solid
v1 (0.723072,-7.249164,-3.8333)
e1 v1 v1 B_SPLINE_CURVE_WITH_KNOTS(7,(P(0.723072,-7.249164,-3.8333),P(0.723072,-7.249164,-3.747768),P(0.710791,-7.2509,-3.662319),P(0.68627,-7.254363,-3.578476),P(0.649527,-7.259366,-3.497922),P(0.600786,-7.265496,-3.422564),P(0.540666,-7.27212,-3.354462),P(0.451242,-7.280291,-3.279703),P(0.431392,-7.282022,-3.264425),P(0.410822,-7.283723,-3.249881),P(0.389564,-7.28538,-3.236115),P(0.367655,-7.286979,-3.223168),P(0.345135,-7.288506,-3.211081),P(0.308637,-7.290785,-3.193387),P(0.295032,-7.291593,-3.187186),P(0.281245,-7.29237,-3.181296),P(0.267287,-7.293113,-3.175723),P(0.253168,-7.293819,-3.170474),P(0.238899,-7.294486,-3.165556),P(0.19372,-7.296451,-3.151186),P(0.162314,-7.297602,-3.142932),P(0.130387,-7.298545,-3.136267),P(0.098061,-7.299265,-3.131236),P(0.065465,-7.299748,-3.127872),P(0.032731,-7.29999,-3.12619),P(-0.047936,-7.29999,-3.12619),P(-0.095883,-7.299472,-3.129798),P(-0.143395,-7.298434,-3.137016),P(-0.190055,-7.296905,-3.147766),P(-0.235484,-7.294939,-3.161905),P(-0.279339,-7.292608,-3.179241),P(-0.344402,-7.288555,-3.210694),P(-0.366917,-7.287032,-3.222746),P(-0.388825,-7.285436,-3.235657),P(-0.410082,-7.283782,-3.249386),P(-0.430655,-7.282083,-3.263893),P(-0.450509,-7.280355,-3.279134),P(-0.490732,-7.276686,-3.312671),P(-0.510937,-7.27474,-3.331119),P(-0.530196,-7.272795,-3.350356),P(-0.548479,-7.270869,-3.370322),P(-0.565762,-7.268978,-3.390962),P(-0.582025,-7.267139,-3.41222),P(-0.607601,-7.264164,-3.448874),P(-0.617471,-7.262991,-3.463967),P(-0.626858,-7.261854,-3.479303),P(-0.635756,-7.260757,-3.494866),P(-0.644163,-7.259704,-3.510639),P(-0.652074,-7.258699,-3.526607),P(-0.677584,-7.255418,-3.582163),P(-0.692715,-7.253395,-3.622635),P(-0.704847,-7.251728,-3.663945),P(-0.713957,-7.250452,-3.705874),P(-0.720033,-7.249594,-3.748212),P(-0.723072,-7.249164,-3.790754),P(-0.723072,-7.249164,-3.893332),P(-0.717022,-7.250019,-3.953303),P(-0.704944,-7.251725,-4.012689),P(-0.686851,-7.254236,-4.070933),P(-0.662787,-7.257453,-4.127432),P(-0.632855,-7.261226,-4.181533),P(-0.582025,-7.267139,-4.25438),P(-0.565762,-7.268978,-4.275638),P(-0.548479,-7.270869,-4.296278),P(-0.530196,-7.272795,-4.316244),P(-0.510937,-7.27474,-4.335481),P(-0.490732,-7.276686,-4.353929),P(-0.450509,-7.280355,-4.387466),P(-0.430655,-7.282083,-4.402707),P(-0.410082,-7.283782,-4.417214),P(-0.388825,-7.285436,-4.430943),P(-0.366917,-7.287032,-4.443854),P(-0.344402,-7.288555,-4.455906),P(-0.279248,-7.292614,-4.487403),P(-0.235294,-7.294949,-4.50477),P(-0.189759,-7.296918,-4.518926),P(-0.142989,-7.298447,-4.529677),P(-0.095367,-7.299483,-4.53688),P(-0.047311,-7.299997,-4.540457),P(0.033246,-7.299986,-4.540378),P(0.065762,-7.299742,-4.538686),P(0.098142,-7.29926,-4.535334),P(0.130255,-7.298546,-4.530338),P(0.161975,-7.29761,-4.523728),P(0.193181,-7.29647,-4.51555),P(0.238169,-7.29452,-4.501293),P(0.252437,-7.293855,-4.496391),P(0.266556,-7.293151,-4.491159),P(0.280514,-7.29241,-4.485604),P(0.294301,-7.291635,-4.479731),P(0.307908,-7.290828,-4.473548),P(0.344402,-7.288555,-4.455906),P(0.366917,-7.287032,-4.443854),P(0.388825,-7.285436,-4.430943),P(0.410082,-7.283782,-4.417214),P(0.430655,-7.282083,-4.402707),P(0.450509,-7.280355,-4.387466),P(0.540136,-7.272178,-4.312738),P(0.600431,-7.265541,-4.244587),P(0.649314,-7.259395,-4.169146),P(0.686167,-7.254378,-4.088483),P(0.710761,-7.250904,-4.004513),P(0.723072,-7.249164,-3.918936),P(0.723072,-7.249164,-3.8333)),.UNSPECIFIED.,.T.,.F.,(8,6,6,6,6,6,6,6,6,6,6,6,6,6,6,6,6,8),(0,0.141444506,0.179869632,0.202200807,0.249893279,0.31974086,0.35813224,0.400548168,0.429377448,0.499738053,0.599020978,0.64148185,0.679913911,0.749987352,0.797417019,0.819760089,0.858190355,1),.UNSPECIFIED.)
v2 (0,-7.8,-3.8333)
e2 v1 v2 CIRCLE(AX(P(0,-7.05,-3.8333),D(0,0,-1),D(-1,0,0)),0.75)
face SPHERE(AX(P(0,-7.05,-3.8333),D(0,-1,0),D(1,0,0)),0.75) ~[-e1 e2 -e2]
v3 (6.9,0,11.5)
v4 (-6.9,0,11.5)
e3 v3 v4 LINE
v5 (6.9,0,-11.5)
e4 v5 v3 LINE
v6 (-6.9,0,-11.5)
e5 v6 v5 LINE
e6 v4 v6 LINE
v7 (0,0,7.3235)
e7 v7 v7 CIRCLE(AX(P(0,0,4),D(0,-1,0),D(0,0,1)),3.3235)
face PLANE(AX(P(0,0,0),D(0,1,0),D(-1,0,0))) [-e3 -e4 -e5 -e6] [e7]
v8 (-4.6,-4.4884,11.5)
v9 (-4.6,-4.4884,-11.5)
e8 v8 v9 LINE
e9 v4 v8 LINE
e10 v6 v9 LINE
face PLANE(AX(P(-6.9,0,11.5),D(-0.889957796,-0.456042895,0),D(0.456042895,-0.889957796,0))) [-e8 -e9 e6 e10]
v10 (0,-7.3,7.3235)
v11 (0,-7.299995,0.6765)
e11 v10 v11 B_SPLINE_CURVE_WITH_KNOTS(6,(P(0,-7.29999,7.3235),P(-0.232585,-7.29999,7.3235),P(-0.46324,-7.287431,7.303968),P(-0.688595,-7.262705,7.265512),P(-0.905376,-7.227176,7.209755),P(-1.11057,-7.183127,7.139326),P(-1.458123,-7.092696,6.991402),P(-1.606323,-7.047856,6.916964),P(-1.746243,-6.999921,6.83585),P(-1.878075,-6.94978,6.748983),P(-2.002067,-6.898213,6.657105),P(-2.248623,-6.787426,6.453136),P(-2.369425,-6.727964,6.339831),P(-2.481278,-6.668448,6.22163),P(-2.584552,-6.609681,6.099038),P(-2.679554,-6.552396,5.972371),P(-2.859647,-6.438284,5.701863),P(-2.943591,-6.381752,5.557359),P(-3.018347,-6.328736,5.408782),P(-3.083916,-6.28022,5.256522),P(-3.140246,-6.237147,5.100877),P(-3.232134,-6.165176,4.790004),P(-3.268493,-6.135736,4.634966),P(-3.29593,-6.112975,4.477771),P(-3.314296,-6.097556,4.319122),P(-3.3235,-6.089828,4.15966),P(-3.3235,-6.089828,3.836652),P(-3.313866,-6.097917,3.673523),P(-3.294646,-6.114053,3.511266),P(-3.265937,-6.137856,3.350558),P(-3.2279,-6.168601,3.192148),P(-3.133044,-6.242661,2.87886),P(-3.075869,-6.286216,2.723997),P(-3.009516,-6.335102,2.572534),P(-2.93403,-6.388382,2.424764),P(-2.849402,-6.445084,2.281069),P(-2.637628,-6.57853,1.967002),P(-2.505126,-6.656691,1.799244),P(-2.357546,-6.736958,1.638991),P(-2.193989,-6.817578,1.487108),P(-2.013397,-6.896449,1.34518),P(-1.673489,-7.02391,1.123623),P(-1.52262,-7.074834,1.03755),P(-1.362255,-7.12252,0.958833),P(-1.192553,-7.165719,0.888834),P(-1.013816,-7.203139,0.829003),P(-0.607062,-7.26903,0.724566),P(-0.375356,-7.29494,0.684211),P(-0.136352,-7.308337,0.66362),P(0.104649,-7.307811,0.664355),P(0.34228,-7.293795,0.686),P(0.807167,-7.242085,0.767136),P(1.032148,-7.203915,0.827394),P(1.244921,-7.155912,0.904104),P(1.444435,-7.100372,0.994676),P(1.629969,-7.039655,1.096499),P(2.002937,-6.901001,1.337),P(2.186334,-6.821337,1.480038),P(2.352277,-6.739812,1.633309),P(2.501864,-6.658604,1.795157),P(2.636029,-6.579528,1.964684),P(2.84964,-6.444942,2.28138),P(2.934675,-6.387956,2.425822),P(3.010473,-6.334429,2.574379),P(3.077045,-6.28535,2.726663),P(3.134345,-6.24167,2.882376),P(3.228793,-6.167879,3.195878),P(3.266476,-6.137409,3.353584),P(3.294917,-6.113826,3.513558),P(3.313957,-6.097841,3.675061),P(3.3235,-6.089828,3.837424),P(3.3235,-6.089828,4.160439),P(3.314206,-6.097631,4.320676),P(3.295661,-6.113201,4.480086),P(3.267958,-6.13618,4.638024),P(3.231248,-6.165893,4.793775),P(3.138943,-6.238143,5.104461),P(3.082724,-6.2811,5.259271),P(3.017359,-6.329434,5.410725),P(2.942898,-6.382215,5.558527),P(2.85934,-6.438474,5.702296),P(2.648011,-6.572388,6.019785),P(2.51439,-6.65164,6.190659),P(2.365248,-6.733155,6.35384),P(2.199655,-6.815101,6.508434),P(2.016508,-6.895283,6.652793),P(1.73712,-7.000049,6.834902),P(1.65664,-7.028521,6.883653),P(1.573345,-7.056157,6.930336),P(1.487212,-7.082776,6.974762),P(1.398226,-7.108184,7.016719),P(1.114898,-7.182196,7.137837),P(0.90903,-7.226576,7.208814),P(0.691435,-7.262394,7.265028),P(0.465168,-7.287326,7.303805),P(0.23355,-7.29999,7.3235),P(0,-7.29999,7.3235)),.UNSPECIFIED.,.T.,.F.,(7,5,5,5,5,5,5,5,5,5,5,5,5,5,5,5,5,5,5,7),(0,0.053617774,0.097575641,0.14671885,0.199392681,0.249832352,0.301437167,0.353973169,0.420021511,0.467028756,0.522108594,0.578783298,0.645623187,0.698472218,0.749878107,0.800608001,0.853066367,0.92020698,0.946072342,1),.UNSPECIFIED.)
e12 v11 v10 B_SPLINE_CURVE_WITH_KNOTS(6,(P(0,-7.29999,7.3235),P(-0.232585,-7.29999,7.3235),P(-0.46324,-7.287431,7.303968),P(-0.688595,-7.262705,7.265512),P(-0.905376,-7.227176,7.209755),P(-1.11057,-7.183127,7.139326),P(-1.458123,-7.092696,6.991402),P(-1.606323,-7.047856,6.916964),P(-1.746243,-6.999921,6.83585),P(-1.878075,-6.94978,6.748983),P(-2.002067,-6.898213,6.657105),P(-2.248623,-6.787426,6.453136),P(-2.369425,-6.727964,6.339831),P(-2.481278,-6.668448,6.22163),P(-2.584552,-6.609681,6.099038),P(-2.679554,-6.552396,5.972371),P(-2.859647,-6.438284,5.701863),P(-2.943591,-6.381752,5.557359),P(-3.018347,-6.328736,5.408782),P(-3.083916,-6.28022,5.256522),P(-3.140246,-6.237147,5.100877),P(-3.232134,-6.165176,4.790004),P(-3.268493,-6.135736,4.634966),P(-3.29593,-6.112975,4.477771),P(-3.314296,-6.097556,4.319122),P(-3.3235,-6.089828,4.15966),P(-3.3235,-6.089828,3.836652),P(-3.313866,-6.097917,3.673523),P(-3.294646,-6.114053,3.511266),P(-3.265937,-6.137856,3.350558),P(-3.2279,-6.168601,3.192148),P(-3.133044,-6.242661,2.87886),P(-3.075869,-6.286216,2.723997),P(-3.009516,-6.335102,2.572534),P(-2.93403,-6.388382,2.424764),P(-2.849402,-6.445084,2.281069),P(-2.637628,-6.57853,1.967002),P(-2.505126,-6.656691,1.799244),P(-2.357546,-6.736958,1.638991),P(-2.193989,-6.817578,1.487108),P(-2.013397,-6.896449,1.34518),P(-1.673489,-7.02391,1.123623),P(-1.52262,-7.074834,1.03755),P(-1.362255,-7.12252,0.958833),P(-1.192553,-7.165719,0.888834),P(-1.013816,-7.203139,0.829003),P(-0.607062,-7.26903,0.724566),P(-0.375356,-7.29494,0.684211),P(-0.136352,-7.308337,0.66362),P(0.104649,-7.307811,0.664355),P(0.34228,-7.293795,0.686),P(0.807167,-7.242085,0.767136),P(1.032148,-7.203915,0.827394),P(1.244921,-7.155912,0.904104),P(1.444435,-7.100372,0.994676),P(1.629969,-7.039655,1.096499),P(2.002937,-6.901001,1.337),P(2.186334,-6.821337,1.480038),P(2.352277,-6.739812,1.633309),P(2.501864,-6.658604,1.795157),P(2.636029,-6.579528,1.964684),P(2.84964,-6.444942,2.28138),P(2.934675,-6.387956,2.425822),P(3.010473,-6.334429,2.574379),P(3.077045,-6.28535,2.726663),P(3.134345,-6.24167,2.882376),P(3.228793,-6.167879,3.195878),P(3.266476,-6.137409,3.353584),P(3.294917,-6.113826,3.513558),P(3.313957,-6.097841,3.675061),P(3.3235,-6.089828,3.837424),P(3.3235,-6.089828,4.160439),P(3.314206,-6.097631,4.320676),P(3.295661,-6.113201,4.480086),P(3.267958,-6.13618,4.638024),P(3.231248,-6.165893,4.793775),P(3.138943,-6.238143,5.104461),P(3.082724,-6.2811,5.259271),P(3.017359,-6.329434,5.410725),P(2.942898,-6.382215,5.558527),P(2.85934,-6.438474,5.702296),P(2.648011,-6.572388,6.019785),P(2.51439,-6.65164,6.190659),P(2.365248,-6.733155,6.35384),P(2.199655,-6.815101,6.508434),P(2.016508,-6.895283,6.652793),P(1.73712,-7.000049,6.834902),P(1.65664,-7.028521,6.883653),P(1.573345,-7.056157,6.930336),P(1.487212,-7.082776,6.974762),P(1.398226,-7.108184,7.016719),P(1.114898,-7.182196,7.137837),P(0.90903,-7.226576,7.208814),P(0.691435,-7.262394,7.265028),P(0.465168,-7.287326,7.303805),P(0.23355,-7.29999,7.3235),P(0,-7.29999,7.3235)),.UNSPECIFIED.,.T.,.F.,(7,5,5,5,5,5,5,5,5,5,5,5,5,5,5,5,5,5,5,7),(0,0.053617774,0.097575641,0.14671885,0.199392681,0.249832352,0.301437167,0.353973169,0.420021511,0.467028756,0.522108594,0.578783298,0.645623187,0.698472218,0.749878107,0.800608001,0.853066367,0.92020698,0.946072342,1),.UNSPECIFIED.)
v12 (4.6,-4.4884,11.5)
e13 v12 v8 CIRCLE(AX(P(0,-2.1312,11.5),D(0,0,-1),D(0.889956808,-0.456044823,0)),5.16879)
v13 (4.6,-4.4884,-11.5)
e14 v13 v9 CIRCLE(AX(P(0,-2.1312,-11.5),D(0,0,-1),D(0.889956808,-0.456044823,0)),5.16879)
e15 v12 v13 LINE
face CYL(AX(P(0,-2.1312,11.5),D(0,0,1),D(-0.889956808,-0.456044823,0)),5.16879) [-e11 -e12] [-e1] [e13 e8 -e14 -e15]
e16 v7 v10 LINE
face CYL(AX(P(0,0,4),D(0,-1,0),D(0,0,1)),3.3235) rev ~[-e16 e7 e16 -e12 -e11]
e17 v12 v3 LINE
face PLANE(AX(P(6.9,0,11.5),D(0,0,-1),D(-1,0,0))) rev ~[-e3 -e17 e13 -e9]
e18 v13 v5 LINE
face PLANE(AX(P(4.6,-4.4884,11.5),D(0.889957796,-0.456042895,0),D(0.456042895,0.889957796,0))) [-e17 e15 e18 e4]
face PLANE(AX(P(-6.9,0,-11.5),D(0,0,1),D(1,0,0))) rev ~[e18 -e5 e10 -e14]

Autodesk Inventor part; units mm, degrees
ref_plane "YZ Plane" through (0, 0, 0) normal (1, 0, 0) x (0, 1, 0)
sketch "Sketch2" plane through (0, 0, 0) normal (0, 1, 0) x (-1, 0, 0)
  line L0 (6.9, -11.5) -> (-6.9, -11.5)
  line L1 (-6.9, -11.5) -> (-6.9, 11.5)
  line L2 (-6.9, 11.5) -> (6.9, 11.5)
  line L3 (6.9, 11.5) -> (6.9, -11.5)
  point P0 (0, 4)
  point P1 (0, -11.5)
  point P2 (0, 11.5)
  point P3 (0, 0)
  point P4 (-6.9, 0)
  dimension "CenterHole" = 7.5
  dimension "Length" = 23
  dimension "Width" = 13.8
extrude "NutBase" add sketch "Sketch2" against normal blind 7.3
hole "Hole1" at (0, 0, 4) direction (0, -1, 0) diameter 6.647 end through all thread size "M8x1.25" class "6H" standard "ANSI Metric M Profile"
ref_plane "MidPlane" through (-6.9, 0, 0) normal (0, 0, -1) x (-1, 0, 0)
ref_plane "Work Plane4" through (6.9, 0, -3.8333) normal (0, 0, -1) x (-1, 0, 0)
sketch "Sketch3" plane through (-6.9, 0, 11.5) normal (0, 0, 1) x (1, 0, 0)
  line L0 (0, -7.3) -> (13.8, -7.3) construction
  line L1 (13.8, 0) -> (0, 0) projected
  line L2 (0, 0) -> (2.3, -4.4884)
  arc A0 (2.3, -4.4884) -> (11.5, -4.4884) centre (6.9, -2.1312) ccw
  line L3 (11.5, -4.4884) -> (13.8, 0)
  line L4 (6.9, -2.1312) -> (6.9, 0) construction
  dimension "d12" = 9.2
extrude "Standard TSlot" cut sketch "Sketch3" along normal through all both and the other way through all keep common part
sketch "Sketch5" plane through (-6.9, 0, 11.5) normal (0, 0, 1) x (1, 0, 0)
  line L0 (0, -7.3) -> (13.8, -7.3) construction
  line L1 (13.8, 0) -> (0, 0) projected
  line L2 (0, 0) -> (0, -7.3) construction
  line L3 (6.9, 0) -> (6.9, -7.3) construction
  line L4 (0, -0.8) -> (2.95, -0.8)
  line L5 (2.95, -0.8) -> (2.95, 0)
  line L6 (2.95, 0) -> (0, 0)
  line L7 (0, 0) -> (0, -0.8)
  line L8 (13.8, -0.8) -> (10.85, -0.8)
  line L9 (10.85, -0.8) -> (10.85, 0)
  line L10 (10.85, 0) -> (13.8, 0)
  line L11 (13.8, 0) -> (13.8, -0.8)
  dimension "Slot_Width" = 7.9
  dimension "d18" = 0.8
extrude "Self-Align TSlot" [suppressed]
sketch "Sketch6" plane through (-6.9, 0, 11.5) normal (0, 0, 1) x (1, 0, 0)
  line L0 (0, -7.3) -> (13.8, -7.3) projected
  line L1 (13.8, 0) -> (13.8, -7.3) projected
  line L2 (13.8, 0) -> (0, 0) projected
  line L3 (0, 0) -> (0, -7.3) projected
  line L4 (6.9, 0) -> (6.9, -7.3) construction
  line L5 (0, 0) -> (2.95, 0)
  line L6 (2.95, 0) -> (2.95, -3.5)
  line L7 (2.95, -3.5) -> (0, -3.5)
  line L8 (0, -3.5) -> (0, 0)
  line L9 (13.8, 0) -> (10.85, 0)
  line L10 (10.85, 0) -> (10.85, -3.5)
  line L11 (10.85, -3.5) -> (13.8, -3.5)
  line L12 (13.8, -3.5) -> (13.8, 0)
  arc A0 (0, -4.8) -> (2.5, -7.3) centre (2.5, -4.8) ccw
  arc A1 (11.3, -7.3) -> (13.8, -4.8) centre (11.3, -4.8) ccw
  dimension "HD_Slot_Depth" = 3.5
  dimension "HD_Slot_Width" = 7.9
  dimension "d23" = 2.5
extrude "Heavy Duty TSlot" [suppressed]
sketch "Sketch7" plane through (0, 0, 0) normal (0, 1, 0) x (1, 0, 0)
  line L0 (-6.9, 11.5) -> (6.9, 11.5) projected
  line L1 (-6.9, -11.5) -> (-6.9, 11.5) projected
  line L2 (6.9, -11.5) -> (-6.9, -11.5) projected
  line L3 (6.9, 11.5) -> (6.9, -11.5) projected
  arc A0 (6.9, 8.7381) -> (-6.9, 8.7381) centre (0, 1.5) ccw
  arc A1 (-6.9, -8.7381) -> (6.9, -8.7381) centre (0, -1.5) ccw
  line L4 (-9.66, 0) -> (9.66, 0) construction
  point P0 (0, 11.5)
  point P1 (0, -11.5)
  dimension "Economy_Fillet_Size" = 10
extrude "Economy TSlot" [suppressed]
sketch "Sketch9" plane through (0, -7.3, 0) normal (0, -1, 0) x (1, 0, 0)
  arc A0 (8, 8.5) -> (-8, 8.5) centre (0, 2.5) ccw projected
  line L0 (-9.5459, -8.5) -> (-9.5459, 8.5) projected
  arc A1 (-8, -8.5) -> (8, -8.5) centre (0, -2.5) ccw projected
  line L1 (9.5459, 8.5) -> (9.5459, -8.5) projected
  circle A2 centre (0, 4) radius 3.3235 construction
  circle A3 centre (0, 4) radius 4.5735
  dimension "d35" = 1.25
extrude "Economy TSlot2" [suppressed]
sketch "Sketch4" plane through (6.9, 0, -3.8333) normal (0, 0, -1) x (-1, 0, 0)
  circle A0 centre (6.9, -7.05) radius 0.75
  line L0 (6.9276, -6.3005) -> (6.8724, -6.3005)
  line L1 (6.9, -9.36) -> (6.9, 1.56) construction
  line L2 (13.8, -7.3) -> (0, -7.3) construction
  line L3 (6.9, -6.3005) -> (6.9, -7.8)
  line L4 (0, 0) -> (13.8, 0) construction
  dimension "d15" = 1.5
  dimension "d38" = 7.05
revolve "SpringBall" add sketch "Sketch4" angle 360 about axis through (0, -10, -3.8333) along (0, 1, 0) picked at (6.8409, -7.2931) contours A0 L3
mirror "Double Mirror" [suppressed]
sketch "Sketch10" plane through (-6.9, 0, 11.5) normal (0, 0, 1) x (1, 0, 0)
  line L0 (6.9, -8.76) -> (6.9, 1.46) construction
  line L1 (0, 0) -> (4.0362, 0)
  line L2 (4.0362, 0) -> (4.0362, -1.925)
  line L3 (4.0362, -1.925) -> (0, -1.925)
  line L4 (0, -1.925) -> (0, 0)
  line L5 (13.8, 0) -> (9.7638, 0)
  line L6 (9.7638, 0) -> (9.7638, -1.925)
  line L7 (9.7638, -1.925) -> (13.8, -1.925)
  line L8 (13.8, -1.925) -> (13.8, 0)
  dimension "d40" = 5.7276
  dimension "d41" = 1.925
extrude "Zn TSlot 1" [suppressed]
sketch "Sketch11" plane through (0, -7.3, 0) normal (0, -1, 0) x (1, 0, 0)
  circle A0 centre (0, 4) radius 3.3235 projected
  line L0 (-6.9, -11.5) -> (-6.9, 11.5) projected
  line L1 (6.9, -11.5) -> (-6.9, -11.5) projected
  line L2 (6.9, -11.5) -> (-6.9, 2.3)
  line L3 (0, 4) -> (-6.9, 10.9) construction
  line L4 (6.9, 11.5) -> (6.9, -11.5) projected
  line L5 (-6.9, 11.5) -> (6.9, -2.3)
  line L6 (-6.9, 11.5) -> (6.9, 11.5) projected
  dimension "d44" = 45
  dimension "d45" = 12.1622
  dimension "d48" = 45
extrude "Zn TSlot 2" [suppressed]
equation "\"d12\" = 0.666667 * Width"
equation "\"HD_Slot_Width\" = Slot_Width"
equation "\"d40\" = 0.707107 * Zn_C"
equation "\"d41\" = 0.25 * Zn_E"
equation "\"SpringBallPos\" = -0.333333 * Length"
equation "\"Zn_B\" = 27"
equation "\"Zn_C\" = 8.1"
equation "\"Zn_D\" = 7.9"
equation "\"Zn_E\" = 7.7"
properties part number "20-058" material "Steel, High Strength Low Alloy"
